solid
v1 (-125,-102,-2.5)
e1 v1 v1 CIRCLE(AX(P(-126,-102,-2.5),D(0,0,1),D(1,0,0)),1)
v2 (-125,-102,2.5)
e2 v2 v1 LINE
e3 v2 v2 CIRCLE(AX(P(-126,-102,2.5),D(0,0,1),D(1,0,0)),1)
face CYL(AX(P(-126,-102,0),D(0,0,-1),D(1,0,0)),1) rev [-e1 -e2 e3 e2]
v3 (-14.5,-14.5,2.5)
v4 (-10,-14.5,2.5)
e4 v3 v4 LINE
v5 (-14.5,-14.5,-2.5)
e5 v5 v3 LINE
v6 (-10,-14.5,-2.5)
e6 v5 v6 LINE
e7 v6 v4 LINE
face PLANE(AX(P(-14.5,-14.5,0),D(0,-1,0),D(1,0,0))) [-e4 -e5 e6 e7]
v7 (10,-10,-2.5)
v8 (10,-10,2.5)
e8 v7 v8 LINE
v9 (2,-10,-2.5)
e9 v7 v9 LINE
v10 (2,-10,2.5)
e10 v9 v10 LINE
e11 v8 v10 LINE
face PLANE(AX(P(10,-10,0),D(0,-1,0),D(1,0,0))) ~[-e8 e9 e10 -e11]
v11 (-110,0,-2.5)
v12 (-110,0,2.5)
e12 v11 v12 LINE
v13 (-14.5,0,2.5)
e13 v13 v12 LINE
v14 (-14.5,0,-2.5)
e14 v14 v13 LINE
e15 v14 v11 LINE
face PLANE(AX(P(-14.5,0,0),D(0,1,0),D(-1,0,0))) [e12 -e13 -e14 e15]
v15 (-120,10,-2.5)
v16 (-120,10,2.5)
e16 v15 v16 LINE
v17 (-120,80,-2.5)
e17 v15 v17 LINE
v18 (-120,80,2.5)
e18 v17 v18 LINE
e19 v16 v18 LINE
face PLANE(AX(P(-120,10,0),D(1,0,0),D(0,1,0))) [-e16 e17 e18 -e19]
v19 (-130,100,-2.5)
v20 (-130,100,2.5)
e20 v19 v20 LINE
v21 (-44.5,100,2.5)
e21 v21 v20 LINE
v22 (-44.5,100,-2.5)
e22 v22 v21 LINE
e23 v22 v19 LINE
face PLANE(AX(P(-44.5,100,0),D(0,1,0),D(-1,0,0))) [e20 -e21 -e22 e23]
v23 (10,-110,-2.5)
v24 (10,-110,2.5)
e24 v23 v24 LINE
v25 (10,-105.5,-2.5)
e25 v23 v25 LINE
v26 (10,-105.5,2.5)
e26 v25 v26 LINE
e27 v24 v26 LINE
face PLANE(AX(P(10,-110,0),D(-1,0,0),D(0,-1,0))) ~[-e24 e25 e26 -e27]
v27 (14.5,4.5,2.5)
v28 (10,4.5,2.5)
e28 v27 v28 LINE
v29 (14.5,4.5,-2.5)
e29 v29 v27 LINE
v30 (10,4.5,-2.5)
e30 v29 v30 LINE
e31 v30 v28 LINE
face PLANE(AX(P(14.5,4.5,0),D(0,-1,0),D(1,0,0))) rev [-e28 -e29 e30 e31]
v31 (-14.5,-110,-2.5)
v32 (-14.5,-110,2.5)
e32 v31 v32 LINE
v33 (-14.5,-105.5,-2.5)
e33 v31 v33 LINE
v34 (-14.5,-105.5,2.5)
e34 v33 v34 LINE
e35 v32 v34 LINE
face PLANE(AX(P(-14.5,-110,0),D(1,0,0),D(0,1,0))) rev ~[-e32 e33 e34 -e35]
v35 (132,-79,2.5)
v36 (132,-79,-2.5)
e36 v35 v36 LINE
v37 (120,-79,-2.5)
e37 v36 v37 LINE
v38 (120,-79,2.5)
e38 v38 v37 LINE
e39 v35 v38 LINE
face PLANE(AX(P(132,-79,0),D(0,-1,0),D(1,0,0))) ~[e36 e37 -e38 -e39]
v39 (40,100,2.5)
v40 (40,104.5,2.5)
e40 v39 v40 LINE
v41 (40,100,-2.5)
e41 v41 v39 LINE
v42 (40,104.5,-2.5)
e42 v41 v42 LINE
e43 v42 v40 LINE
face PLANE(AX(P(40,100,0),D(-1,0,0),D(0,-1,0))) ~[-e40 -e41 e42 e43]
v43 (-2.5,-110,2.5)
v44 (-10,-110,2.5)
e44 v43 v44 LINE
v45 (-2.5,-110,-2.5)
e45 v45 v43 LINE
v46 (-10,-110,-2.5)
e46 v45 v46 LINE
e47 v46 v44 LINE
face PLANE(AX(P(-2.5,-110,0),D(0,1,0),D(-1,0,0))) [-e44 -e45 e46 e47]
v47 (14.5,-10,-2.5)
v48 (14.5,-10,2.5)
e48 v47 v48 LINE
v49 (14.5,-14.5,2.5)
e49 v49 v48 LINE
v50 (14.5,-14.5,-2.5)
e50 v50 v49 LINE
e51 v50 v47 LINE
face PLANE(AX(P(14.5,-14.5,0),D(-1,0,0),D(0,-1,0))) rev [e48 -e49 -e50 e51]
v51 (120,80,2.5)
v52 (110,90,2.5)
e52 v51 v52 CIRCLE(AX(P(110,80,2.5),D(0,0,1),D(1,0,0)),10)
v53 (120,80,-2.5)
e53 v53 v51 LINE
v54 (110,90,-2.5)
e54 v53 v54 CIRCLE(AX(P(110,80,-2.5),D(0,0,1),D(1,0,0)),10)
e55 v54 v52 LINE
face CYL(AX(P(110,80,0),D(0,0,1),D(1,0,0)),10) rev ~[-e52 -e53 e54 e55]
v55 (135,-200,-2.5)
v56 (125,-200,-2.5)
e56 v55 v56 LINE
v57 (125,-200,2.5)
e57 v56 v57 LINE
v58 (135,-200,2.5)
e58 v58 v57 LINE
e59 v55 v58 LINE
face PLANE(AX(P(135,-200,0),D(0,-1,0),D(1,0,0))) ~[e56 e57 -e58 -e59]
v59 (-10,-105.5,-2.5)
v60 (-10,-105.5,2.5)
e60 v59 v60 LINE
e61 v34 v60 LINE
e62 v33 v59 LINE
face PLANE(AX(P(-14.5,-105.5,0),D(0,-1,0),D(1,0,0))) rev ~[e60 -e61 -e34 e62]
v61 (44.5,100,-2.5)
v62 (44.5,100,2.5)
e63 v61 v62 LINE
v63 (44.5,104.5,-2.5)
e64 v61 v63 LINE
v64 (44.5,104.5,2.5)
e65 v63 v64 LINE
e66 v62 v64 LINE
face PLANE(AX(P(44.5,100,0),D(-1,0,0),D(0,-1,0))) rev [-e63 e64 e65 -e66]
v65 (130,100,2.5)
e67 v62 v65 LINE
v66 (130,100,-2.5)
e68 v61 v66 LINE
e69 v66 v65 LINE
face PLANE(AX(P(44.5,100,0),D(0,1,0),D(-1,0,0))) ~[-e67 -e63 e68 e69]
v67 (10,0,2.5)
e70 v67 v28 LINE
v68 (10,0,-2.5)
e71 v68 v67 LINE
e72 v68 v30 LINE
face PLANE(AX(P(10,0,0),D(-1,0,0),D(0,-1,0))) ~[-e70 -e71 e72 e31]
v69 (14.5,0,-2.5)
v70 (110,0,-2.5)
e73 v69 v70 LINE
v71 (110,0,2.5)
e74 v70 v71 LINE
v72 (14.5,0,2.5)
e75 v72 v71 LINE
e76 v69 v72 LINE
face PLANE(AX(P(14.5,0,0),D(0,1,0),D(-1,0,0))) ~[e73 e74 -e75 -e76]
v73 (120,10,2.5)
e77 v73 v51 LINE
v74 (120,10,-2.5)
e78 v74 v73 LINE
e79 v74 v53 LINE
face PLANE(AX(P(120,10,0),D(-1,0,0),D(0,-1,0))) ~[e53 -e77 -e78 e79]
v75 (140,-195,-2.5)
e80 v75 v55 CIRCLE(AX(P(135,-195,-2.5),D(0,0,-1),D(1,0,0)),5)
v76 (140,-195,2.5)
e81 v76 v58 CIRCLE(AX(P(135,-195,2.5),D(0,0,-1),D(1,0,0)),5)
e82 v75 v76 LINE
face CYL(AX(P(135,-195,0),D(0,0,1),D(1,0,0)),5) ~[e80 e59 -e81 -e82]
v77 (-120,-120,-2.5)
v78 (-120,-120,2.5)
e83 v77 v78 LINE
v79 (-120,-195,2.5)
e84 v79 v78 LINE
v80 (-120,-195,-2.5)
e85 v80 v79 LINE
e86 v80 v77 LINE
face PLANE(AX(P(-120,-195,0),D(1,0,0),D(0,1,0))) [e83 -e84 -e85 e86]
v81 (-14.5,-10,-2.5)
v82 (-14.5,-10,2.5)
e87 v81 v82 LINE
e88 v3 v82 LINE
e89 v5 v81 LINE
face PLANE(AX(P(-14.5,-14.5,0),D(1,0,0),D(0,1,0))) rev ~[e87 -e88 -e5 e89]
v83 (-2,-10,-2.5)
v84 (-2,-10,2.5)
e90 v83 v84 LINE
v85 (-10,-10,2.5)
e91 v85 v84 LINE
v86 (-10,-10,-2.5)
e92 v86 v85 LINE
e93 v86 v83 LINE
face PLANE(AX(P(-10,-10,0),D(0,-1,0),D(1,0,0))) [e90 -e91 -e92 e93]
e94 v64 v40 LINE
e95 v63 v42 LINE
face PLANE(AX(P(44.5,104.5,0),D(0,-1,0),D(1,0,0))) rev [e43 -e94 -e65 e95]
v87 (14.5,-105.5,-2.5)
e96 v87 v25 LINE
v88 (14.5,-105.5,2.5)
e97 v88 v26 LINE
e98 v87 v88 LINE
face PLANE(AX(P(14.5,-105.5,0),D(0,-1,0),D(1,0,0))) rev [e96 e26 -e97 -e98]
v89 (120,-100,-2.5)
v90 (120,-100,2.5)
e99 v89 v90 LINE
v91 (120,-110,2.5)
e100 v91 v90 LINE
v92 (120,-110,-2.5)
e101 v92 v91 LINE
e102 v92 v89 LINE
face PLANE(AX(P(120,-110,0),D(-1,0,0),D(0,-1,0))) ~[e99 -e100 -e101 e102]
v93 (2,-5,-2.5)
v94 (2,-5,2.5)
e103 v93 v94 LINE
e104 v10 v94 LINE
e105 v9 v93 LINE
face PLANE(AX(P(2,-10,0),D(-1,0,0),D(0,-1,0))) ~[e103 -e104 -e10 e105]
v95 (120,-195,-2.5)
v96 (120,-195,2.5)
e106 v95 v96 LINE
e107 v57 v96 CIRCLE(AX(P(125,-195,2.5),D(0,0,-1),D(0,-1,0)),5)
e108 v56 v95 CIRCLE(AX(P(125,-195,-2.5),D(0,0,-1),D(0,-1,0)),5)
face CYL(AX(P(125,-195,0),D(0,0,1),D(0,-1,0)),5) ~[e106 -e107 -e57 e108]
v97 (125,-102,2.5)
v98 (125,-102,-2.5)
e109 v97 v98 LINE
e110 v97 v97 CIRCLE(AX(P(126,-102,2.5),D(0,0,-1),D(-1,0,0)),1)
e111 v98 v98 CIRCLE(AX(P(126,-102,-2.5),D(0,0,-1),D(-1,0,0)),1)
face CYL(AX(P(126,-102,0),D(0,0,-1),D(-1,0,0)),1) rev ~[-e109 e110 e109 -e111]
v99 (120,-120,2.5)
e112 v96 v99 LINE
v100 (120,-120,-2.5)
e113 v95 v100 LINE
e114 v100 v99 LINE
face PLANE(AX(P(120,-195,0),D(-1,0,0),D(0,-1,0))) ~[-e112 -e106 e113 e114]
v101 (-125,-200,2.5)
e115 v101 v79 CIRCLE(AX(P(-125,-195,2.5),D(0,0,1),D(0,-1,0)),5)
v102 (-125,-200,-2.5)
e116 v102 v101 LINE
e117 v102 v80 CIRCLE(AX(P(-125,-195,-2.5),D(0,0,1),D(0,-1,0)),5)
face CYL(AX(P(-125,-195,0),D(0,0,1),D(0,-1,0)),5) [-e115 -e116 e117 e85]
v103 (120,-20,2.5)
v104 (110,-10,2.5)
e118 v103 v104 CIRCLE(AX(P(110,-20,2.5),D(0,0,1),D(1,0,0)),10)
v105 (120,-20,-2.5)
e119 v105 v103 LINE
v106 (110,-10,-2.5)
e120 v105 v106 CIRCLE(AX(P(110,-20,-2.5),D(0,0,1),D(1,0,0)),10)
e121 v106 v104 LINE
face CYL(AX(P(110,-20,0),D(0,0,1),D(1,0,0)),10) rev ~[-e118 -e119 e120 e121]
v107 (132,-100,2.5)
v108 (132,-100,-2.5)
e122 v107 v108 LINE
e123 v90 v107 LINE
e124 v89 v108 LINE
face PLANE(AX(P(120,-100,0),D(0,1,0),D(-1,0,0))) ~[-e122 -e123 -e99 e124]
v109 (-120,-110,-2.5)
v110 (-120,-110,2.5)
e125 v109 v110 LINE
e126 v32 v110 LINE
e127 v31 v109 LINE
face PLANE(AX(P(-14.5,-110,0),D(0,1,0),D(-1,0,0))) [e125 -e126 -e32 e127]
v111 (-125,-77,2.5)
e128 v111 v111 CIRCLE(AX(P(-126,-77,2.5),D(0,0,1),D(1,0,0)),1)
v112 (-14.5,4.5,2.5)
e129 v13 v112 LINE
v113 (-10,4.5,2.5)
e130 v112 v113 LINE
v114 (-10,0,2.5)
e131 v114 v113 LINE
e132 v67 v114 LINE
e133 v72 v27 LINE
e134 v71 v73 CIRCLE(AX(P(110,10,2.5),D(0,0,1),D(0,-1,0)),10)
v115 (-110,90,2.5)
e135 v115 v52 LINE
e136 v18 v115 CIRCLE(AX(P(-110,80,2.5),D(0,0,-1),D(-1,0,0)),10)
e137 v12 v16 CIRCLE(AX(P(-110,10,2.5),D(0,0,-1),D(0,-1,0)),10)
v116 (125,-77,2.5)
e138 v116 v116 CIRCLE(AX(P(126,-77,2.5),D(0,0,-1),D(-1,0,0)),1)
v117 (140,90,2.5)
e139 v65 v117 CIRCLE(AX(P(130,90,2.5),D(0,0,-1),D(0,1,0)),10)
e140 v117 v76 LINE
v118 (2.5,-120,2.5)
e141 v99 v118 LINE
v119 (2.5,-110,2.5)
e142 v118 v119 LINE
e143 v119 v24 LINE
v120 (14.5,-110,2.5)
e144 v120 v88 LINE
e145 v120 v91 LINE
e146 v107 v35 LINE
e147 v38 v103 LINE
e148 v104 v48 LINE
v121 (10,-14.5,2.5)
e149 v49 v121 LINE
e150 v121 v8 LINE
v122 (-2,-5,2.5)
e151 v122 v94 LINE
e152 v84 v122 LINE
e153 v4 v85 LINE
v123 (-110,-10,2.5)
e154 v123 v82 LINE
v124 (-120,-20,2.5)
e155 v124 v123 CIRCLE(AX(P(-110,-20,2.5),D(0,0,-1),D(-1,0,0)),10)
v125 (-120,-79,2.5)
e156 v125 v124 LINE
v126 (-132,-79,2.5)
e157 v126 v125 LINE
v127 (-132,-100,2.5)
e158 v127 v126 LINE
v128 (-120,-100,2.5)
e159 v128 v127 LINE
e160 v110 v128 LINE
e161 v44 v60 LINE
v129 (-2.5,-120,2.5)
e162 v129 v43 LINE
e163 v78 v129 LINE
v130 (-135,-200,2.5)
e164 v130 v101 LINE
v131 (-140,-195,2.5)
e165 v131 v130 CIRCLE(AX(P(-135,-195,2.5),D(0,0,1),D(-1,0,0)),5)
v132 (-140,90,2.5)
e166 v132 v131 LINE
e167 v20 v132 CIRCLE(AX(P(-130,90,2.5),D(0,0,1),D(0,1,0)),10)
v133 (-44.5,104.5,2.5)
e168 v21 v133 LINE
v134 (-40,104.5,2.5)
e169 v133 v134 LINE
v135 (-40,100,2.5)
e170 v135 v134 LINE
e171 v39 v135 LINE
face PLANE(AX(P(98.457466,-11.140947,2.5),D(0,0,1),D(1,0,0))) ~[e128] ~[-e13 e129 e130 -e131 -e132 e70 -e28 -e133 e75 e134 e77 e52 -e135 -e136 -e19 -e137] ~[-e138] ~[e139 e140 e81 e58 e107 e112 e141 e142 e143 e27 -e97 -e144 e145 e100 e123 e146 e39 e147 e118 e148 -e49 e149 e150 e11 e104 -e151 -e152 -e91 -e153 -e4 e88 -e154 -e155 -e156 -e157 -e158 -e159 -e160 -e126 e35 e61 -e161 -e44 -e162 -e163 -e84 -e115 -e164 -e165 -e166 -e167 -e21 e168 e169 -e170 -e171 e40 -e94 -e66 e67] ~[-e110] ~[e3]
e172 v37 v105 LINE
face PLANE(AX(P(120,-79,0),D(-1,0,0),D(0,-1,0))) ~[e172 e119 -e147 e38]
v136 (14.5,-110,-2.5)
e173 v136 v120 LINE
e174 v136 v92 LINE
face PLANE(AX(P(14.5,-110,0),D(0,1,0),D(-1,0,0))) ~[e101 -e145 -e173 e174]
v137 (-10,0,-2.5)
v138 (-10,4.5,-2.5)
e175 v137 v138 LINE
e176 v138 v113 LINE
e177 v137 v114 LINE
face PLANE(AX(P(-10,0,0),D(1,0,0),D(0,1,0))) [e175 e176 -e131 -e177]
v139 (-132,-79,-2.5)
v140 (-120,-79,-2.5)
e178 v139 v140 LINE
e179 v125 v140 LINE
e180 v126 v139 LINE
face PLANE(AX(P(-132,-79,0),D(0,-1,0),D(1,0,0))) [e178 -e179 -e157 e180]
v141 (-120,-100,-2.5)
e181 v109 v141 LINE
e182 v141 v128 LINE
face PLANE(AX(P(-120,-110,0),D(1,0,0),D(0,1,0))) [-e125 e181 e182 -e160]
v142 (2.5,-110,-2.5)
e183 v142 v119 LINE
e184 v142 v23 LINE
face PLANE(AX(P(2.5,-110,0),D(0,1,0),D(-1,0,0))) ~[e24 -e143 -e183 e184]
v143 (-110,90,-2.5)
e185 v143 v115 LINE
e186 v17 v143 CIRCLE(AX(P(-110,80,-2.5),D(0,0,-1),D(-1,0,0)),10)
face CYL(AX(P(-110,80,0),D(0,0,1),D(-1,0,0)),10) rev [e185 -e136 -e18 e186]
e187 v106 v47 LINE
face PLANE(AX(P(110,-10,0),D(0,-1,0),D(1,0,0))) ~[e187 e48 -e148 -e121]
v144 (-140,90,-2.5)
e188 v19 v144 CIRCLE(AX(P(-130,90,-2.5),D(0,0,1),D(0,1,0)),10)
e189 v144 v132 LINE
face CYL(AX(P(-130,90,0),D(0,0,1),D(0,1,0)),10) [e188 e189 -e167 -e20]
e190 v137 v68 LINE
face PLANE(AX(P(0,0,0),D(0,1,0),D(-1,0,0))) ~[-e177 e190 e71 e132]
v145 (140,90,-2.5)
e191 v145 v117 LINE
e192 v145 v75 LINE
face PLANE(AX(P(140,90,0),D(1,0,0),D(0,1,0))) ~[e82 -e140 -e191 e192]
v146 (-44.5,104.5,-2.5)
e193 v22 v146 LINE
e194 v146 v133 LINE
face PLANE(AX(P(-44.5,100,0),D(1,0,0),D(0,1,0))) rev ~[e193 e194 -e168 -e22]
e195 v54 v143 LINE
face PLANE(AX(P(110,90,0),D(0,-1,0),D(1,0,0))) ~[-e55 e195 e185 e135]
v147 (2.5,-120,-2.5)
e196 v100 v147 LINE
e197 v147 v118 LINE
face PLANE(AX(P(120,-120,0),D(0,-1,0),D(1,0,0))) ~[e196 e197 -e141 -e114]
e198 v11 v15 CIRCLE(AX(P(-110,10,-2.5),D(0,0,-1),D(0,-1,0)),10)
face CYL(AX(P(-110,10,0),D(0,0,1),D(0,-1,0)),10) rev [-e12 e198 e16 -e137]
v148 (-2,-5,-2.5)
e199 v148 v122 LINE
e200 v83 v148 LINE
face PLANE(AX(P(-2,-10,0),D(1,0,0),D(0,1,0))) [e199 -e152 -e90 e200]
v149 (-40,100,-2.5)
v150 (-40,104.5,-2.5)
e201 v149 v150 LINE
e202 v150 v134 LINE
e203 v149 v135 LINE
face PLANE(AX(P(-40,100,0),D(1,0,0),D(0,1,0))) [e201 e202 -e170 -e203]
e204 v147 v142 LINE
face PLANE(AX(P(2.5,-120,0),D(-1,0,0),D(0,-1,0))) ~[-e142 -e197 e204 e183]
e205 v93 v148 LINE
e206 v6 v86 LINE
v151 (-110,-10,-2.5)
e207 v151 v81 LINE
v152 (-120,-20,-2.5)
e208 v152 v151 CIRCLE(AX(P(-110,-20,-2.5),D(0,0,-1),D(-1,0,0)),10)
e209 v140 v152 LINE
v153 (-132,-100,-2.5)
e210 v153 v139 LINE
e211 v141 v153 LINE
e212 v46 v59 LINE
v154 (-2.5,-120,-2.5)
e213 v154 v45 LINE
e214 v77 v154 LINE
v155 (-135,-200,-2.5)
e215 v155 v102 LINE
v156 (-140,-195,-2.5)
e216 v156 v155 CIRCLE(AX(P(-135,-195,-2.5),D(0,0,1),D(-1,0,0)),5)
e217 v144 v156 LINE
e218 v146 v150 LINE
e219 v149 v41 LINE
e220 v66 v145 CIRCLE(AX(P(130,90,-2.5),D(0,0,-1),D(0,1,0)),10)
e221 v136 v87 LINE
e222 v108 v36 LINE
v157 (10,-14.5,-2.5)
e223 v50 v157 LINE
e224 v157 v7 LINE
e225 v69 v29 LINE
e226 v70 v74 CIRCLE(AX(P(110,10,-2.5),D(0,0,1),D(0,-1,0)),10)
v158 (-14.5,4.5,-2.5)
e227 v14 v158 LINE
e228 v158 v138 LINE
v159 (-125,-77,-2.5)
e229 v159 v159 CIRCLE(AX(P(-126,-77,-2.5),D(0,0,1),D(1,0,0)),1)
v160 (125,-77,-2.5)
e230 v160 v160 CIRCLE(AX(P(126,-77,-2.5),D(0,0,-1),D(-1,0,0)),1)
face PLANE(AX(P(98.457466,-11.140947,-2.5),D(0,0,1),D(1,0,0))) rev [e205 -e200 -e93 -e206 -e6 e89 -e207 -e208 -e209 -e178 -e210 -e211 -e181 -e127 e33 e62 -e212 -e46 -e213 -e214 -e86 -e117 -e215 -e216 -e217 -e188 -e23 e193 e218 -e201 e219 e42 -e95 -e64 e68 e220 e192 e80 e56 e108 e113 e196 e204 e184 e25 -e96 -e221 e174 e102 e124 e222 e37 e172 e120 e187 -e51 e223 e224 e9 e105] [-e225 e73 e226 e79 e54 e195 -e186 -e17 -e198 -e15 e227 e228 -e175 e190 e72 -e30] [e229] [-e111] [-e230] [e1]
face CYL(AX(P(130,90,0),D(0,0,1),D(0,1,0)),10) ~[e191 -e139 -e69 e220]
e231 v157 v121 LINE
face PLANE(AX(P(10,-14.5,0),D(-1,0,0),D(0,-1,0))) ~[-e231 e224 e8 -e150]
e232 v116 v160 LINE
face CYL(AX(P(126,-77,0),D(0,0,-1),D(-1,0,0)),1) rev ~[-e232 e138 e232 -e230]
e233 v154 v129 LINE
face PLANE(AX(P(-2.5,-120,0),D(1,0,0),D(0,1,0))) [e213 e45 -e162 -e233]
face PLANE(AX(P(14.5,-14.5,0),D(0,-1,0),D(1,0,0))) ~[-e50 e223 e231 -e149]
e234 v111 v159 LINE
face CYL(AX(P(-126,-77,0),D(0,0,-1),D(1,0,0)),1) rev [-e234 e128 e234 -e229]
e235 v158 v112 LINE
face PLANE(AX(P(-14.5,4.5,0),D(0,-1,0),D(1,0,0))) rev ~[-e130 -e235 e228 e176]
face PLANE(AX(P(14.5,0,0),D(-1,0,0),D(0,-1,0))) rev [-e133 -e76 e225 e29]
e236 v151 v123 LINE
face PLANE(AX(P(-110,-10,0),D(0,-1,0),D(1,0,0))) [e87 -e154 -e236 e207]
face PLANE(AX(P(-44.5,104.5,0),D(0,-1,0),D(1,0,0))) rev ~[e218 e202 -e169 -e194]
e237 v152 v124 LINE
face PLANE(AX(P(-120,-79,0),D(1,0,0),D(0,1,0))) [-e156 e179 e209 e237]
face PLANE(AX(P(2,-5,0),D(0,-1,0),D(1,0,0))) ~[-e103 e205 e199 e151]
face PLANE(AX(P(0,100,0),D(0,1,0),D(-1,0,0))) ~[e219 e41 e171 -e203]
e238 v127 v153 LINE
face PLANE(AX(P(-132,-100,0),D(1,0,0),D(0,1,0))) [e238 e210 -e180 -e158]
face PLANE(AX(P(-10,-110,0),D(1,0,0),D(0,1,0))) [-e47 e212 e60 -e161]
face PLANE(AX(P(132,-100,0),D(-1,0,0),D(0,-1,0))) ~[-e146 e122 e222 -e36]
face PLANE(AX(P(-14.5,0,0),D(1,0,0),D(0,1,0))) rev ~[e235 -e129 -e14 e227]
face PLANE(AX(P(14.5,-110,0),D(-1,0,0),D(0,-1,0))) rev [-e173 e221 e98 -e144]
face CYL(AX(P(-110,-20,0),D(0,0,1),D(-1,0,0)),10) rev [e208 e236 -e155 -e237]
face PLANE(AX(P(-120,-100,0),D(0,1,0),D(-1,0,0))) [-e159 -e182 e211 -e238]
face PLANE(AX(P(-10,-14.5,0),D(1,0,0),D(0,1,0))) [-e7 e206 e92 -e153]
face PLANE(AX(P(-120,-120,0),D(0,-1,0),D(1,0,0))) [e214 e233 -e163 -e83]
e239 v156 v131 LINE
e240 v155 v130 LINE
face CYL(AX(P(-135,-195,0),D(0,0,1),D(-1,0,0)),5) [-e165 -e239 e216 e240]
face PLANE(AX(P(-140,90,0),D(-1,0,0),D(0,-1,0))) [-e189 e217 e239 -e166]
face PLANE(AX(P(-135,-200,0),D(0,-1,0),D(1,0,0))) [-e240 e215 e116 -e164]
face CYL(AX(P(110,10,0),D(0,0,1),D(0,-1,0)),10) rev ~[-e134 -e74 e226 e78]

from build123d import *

# Parameters (mm, degrees)
SKETCH1_R           = 1
SKETCH1_W           = 4.5
SKETCH1_H           = 4.5
SKETCH1_W_2         = 2
SKETCH1_H_2         = 5
BOSS_EXTRUDE1_DEPTH = 2.5


with BuildPart() as part:
    # Sketch1 → Boss-Extrude1 (new body, symmetric)
    with BuildSketch(Plane.XY):
        with BuildLine():
            Line((-120, -79), (-120, -20))
            ThreePointArc((-120, -20), (-117.071067812, -12.928932188), (-110, -10))
            Line((-110, -10), (-14.5, -10))
            Line((-14.5, -10), (-10, -10))
            Line((-10, -10), (-2, -10))
            Line((-2, -10), (-2, -5))
            Line((-2, -5), (-2, 0))
            Line((-2, 0), (-10, 0))
            Line((-10, 0), (-14.5, 0))
            Line((-14.5, 0), (-110, 0))
            ThreePointArc((-110, 0), (-117.071067812, 2.928932188), (-120, 10))
            Line((-120, 10), (-120, 80))
            ThreePointArc((-120, 80), (-117.071067812, 87.071067812), (-110, 90))
            Line((-110, 90), (0, 90))
            Line((0, 90), (0, 100))
            Line((0, 100), (-40, 100))
            Line((-40, 100), (-44.5, 100))
            Line((-44.5, 100), (-120, 100))
            Line((-120, 100), (-130, 100))
            ThreePointArc((-130, 100), (-137.071067812, 97.071067812), (-140, 90))
            Line((-140, 90), (-140, -195))
            ThreePointArc((-140, -195), (-138.535533906, -198.535533906), (-135, -200))
            Line((-135, -200), (-125, -200))
            ThreePointArc((-125, -200), (-121.464466094, -198.535533906), (-120, -195))
            Line((-120, -195), (-120, -120))
            Line((-120, -120), (-120, -110))
            Line((-120, -110), (-120, -100))
            Line((-120, -100), (-132, -100))
            Line((-132, -100), (-132, -79))
            Line((-132, -79), (-120, -79))
        make_face()
        with Locations((-126, -102)):
            Circle(SKETCH1_R, mode=Mode.SUBTRACT)
        with Locations((-126, -77)):
            Circle(SKETCH1_R, mode=Mode.SUBTRACT)
        with Locations((-42.25, 102.25)):
            Rectangle(SKETCH1_W, SKETCH1_H)
        with Locations((-12.25, 2.25)):
            Rectangle(SKETCH1_W, SKETCH1_H)
        with Locations((-12.25, -12.25)):
            Rectangle(SKETCH1_W, SKETCH1_H)
        with Locations((-1, -2.5)):
            Rectangle(SKETCH1_W_2, SKETCH1_H_2)
        Polygon((-14.5, -110), (-120, -110), (-120, -120), (-2.5, -120), (-2.5, -110), (-10, -110), align=None)
        with Locations((-12.25, -107.75)):
            Rectangle(SKETCH1_W, SKETCH1_H)
    extrude(amount=BOSS_EXTRUDE1_DEPTH, both=True)

    # Mirror1: part across plane


with BuildPart() as part_1:
    add(part.part)
    add(part.part.mirror(Plane(origin=(0, 0, 0), x_dir=(0, 0, 1), z_dir=(1, 0, 0))))


solid = part_1.part
